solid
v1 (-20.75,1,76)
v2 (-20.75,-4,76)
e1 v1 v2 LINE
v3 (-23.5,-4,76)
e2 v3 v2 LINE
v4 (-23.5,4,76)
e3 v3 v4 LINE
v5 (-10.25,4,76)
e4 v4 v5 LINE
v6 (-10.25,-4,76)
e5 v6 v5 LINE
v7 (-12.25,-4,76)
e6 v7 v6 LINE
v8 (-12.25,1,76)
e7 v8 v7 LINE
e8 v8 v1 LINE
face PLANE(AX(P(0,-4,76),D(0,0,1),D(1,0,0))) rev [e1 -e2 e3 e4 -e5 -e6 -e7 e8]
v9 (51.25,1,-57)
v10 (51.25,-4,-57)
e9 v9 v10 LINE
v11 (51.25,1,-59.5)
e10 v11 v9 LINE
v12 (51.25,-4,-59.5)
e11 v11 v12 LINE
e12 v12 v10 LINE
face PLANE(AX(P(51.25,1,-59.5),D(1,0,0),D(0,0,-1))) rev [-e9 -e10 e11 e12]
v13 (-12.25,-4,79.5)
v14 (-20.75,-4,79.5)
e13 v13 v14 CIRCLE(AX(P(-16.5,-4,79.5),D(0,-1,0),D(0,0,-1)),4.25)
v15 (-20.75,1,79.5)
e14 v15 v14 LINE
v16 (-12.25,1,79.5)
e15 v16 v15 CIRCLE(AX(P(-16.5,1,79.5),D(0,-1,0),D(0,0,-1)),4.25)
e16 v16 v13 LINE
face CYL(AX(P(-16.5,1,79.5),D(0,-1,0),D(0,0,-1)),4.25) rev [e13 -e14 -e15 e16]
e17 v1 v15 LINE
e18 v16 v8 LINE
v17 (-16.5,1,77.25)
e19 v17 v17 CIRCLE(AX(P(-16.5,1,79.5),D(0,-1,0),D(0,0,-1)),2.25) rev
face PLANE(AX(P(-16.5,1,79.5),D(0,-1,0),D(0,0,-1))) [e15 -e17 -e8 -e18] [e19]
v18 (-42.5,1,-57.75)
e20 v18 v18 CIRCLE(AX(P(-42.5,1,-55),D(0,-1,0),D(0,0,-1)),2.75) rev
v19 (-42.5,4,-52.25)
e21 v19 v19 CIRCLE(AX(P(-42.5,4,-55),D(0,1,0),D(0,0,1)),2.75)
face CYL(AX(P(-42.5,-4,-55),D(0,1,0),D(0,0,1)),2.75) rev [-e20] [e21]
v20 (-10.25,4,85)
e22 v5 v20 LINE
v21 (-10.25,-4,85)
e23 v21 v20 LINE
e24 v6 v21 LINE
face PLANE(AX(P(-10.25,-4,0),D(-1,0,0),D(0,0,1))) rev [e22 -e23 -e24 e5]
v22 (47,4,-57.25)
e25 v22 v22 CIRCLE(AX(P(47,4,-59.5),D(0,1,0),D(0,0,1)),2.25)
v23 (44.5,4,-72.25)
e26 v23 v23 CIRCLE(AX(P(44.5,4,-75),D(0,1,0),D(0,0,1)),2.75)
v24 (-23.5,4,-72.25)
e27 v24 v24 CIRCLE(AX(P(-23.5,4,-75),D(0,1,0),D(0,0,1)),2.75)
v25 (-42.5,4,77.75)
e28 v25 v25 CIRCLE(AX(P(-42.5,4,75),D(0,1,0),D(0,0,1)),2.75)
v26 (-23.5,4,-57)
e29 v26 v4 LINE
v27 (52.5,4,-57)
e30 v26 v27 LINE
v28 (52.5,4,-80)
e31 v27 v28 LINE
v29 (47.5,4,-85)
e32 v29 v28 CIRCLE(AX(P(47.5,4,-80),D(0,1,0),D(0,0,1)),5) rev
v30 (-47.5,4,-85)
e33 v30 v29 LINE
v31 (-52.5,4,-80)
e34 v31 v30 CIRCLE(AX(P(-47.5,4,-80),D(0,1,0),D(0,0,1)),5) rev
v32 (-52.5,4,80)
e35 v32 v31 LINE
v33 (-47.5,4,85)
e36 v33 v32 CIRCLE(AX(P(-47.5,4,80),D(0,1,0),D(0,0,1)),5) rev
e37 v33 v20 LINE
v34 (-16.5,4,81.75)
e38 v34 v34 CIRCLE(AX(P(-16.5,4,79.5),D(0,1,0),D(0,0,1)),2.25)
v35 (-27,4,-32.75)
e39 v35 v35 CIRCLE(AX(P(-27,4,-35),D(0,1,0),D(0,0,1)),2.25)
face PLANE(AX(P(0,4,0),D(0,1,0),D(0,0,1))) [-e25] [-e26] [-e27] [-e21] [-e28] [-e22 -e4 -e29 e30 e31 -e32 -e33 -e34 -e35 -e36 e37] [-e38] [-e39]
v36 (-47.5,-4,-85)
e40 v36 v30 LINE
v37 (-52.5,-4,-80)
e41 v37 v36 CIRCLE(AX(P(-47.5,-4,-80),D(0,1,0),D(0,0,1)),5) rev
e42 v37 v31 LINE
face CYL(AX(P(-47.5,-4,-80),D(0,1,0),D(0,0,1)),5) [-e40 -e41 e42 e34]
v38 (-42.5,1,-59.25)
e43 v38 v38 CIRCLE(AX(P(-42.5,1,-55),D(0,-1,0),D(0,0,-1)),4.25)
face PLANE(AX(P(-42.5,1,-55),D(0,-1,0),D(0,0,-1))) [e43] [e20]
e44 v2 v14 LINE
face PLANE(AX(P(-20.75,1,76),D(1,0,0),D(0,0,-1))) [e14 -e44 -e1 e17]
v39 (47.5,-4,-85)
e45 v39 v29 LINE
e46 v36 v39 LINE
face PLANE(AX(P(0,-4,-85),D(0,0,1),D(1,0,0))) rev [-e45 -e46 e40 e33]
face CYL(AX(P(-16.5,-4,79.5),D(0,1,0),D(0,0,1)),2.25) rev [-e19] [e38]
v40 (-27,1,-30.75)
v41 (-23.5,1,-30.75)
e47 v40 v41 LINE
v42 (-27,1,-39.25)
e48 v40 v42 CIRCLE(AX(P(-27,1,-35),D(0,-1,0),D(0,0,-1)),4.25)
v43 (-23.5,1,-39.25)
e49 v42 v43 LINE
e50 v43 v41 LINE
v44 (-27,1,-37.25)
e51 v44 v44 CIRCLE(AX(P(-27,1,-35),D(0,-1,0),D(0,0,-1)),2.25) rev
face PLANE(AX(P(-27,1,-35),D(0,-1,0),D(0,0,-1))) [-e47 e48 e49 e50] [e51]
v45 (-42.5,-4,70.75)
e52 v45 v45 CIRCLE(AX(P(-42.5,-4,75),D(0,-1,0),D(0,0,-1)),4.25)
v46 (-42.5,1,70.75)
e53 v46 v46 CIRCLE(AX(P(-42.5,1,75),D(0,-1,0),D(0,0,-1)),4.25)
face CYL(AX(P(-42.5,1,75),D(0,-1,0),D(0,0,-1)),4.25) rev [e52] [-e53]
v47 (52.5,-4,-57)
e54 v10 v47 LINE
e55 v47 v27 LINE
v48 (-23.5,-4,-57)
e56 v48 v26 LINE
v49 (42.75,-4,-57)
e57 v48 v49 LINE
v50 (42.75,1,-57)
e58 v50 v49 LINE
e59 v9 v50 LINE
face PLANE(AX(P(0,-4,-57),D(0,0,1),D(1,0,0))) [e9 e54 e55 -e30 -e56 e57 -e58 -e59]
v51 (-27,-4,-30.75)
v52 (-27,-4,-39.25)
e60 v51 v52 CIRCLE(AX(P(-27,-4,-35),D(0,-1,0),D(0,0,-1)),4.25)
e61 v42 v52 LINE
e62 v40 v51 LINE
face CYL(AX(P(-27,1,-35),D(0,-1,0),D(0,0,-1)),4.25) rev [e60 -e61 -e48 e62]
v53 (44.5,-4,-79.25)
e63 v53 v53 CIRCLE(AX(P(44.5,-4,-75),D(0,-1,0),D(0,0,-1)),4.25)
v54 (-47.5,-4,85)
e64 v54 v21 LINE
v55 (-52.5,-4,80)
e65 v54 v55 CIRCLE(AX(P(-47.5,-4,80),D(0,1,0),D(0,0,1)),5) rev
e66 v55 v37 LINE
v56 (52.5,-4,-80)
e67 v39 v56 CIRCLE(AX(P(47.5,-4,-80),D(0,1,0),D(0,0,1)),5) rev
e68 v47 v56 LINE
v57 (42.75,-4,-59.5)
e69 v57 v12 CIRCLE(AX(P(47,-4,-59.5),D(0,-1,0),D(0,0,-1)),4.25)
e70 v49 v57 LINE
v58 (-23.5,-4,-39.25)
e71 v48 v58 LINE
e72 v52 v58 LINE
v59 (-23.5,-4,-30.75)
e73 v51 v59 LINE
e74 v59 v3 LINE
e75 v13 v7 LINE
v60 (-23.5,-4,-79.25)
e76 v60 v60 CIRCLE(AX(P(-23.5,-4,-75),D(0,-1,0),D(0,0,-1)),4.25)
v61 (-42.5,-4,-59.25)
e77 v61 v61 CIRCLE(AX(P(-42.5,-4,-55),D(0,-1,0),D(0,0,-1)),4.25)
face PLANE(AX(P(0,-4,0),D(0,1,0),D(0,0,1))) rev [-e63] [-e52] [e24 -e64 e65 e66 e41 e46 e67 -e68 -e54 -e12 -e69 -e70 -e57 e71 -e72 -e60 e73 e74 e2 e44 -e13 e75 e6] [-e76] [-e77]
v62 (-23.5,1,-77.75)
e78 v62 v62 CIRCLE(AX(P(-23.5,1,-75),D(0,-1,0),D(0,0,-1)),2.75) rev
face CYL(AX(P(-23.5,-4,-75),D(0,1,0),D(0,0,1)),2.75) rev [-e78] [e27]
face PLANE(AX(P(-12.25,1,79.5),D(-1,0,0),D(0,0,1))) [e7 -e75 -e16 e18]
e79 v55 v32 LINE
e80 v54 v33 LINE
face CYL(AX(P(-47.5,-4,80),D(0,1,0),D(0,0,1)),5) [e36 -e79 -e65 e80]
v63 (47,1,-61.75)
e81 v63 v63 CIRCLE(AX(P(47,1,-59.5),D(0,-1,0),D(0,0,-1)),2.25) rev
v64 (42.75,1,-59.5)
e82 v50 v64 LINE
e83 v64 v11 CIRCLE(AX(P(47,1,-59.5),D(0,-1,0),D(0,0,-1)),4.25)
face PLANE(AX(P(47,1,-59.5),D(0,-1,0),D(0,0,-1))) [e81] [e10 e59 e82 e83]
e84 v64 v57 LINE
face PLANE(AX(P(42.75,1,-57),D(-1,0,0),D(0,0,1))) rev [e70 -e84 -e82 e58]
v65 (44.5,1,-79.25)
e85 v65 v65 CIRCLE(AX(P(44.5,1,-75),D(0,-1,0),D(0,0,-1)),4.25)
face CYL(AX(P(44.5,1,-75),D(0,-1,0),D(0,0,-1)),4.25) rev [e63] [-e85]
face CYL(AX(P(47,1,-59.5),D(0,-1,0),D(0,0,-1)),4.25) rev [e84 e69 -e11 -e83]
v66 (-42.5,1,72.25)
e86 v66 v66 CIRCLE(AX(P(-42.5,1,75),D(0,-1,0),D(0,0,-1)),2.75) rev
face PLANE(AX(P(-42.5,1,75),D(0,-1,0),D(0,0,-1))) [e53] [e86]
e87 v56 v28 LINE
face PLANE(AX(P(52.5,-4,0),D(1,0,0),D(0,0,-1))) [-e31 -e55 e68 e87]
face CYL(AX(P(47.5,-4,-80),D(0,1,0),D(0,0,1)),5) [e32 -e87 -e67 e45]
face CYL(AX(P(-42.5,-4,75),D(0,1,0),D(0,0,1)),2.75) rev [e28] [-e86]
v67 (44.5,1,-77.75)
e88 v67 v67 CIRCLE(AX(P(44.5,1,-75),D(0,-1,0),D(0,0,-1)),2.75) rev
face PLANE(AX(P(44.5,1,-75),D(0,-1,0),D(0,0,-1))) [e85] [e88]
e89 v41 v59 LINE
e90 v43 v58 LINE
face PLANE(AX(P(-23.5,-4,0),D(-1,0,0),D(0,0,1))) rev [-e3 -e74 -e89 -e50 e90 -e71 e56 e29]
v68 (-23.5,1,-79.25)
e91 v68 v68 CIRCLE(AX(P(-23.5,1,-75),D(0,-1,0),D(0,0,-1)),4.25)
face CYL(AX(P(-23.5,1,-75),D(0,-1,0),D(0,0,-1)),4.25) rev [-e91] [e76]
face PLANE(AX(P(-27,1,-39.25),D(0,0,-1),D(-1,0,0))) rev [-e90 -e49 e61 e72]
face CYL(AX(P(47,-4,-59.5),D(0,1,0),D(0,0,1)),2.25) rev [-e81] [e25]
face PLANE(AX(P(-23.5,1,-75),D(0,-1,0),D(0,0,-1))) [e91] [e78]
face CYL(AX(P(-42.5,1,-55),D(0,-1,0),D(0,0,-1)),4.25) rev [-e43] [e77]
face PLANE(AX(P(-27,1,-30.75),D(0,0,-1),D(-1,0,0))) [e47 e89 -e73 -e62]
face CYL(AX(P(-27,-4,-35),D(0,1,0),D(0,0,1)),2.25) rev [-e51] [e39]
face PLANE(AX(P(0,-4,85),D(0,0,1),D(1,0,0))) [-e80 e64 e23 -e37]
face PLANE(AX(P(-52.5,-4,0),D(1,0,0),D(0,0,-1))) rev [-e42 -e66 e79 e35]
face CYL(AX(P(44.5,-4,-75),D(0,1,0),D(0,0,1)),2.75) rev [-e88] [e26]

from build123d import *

# Parameters (mm, degrees)
BOSS_EXTRUDE1_DEPTH      = 4
BOSS_EXTRUDE1_DEPTH_BACK = 4
SKETCH2_R                = 2.75
SKETCH2_R_2              = 2.25
SKETCH3_R                = 4.25
CUT_EXTRUDE1_DEPTH       = 5


with BuildPart() as part:
    # Sketch2 → Boss-Extrude1 (new, two sides: drawn at the far end of the back side and taken through both)
    with BuildSketch(Plane(origin=(0, 0, 0), x_dir=(1, 0, 0), z_dir=(0, 1, 0)).offset(-BOSS_EXTRUDE1_DEPTH_BACK)):
        with BuildLine():
            ThreePointArc((-52.5, -80), (-51.035533906, -83.535533906), (-47.5, -85))
            Line((-47.5, -85), (-23.5, -85))
            Line((-23.5, -85), (-10.25, -85))
            Line((-10.25, -85), (-10.25, -76))
            Line((-10.25, -76), (-23.5, -76))
            Line((-23.5, -76), (-23.5, -62.428663753))
            Line((-23.5, -62.428663753), (-23.5, 57))
            Line((-23.5, 57), (52.5, 57))
            Line((52.5, 57), (52.5, 80))
            ThreePointArc((52.5, 80), (51.035533906, 83.535533906), (47.5, 85))
            Line((47.5, 85), (-47.5, 85))
            ThreePointArc((-47.5, 85), (-51.035533906, 83.535533906), (-52.5, 80))
            Line((-52.5, 80), (-52.5, -80))
        make_face()
        with Locations((-42.5, -75)):
            Circle(SKETCH2_R, mode=Mode.SUBTRACT)
        with Locations((-16.5, -79.5)):
            Circle(SKETCH2_R_2, mode=Mode.SUBTRACT)
        with Locations((-27, 35)):
            Circle(SKETCH2_R_2, mode=Mode.SUBTRACT)
        with Locations((-42.5, 55)):
            Circle(SKETCH2_R, mode=Mode.SUBTRACT)
        with Locations((-23.5, 75)):
            Circle(SKETCH2_R, mode=Mode.SUBTRACT)
        with Locations((47, 59.5)):
            Circle(SKETCH2_R_2, mode=Mode.SUBTRACT)
        with Locations((44.5, 75)):
            Circle(SKETCH2_R, mode=Mode.SUBTRACT)
    extrude(amount=BOSS_EXTRUDE1_DEPTH + BOSS_EXTRUDE1_DEPTH_BACK)

    # Sketch3 → Cut-Extrude1 (cut)
    with BuildSketch(Plane.XZ.offset(4)):
        with Locations((-23.5, -75)):
            Circle(SKETCH3_R)
        with Locations((-42.5, -55)):
            Circle(SKETCH3_R)
        with Locations((-42.5, 75)):
            Circle(SKETCH3_R)
        with Locations((44.5, -75)):
            Circle(SKETCH3_R)
        with BuildLine():
            Line((-27, -30.75), (-23.5, -30.75))
            Line((-23.5, -30.75), (-23.5, -39.25))
            Line((-23.5, -39.25), (-27, -39.25))
            ThreePointArc((-27, -39.25), (-31.25, -35), (-27, -30.75))
        make_face()
        with BuildLine():
            Line((51.25, -59.5), (51.25, -57))
            Line((51.25, -57), (42.75, -57))
            Line((42.75, -57), (42.75, -59.5))
            ThreePointArc((42.75, -59.5), (47, -63.75), (51.25, -59.5))
        make_face()
        with BuildLine():
            Line((-12.25, 79.5), (-12.25, 76))
            Line((-12.25, 76), (-20.75, 76))
            Line((-20.75, 76), (-20.75, 79.5))
            ThreePointArc((-20.75, 79.5), (-16.5, 83.75), (-12.25, 79.5))
        make_face()
    extrude(amount=-CUT_EXTRUDE1_DEPTH, mode=Mode.SUBTRACT)


solid = part.part
